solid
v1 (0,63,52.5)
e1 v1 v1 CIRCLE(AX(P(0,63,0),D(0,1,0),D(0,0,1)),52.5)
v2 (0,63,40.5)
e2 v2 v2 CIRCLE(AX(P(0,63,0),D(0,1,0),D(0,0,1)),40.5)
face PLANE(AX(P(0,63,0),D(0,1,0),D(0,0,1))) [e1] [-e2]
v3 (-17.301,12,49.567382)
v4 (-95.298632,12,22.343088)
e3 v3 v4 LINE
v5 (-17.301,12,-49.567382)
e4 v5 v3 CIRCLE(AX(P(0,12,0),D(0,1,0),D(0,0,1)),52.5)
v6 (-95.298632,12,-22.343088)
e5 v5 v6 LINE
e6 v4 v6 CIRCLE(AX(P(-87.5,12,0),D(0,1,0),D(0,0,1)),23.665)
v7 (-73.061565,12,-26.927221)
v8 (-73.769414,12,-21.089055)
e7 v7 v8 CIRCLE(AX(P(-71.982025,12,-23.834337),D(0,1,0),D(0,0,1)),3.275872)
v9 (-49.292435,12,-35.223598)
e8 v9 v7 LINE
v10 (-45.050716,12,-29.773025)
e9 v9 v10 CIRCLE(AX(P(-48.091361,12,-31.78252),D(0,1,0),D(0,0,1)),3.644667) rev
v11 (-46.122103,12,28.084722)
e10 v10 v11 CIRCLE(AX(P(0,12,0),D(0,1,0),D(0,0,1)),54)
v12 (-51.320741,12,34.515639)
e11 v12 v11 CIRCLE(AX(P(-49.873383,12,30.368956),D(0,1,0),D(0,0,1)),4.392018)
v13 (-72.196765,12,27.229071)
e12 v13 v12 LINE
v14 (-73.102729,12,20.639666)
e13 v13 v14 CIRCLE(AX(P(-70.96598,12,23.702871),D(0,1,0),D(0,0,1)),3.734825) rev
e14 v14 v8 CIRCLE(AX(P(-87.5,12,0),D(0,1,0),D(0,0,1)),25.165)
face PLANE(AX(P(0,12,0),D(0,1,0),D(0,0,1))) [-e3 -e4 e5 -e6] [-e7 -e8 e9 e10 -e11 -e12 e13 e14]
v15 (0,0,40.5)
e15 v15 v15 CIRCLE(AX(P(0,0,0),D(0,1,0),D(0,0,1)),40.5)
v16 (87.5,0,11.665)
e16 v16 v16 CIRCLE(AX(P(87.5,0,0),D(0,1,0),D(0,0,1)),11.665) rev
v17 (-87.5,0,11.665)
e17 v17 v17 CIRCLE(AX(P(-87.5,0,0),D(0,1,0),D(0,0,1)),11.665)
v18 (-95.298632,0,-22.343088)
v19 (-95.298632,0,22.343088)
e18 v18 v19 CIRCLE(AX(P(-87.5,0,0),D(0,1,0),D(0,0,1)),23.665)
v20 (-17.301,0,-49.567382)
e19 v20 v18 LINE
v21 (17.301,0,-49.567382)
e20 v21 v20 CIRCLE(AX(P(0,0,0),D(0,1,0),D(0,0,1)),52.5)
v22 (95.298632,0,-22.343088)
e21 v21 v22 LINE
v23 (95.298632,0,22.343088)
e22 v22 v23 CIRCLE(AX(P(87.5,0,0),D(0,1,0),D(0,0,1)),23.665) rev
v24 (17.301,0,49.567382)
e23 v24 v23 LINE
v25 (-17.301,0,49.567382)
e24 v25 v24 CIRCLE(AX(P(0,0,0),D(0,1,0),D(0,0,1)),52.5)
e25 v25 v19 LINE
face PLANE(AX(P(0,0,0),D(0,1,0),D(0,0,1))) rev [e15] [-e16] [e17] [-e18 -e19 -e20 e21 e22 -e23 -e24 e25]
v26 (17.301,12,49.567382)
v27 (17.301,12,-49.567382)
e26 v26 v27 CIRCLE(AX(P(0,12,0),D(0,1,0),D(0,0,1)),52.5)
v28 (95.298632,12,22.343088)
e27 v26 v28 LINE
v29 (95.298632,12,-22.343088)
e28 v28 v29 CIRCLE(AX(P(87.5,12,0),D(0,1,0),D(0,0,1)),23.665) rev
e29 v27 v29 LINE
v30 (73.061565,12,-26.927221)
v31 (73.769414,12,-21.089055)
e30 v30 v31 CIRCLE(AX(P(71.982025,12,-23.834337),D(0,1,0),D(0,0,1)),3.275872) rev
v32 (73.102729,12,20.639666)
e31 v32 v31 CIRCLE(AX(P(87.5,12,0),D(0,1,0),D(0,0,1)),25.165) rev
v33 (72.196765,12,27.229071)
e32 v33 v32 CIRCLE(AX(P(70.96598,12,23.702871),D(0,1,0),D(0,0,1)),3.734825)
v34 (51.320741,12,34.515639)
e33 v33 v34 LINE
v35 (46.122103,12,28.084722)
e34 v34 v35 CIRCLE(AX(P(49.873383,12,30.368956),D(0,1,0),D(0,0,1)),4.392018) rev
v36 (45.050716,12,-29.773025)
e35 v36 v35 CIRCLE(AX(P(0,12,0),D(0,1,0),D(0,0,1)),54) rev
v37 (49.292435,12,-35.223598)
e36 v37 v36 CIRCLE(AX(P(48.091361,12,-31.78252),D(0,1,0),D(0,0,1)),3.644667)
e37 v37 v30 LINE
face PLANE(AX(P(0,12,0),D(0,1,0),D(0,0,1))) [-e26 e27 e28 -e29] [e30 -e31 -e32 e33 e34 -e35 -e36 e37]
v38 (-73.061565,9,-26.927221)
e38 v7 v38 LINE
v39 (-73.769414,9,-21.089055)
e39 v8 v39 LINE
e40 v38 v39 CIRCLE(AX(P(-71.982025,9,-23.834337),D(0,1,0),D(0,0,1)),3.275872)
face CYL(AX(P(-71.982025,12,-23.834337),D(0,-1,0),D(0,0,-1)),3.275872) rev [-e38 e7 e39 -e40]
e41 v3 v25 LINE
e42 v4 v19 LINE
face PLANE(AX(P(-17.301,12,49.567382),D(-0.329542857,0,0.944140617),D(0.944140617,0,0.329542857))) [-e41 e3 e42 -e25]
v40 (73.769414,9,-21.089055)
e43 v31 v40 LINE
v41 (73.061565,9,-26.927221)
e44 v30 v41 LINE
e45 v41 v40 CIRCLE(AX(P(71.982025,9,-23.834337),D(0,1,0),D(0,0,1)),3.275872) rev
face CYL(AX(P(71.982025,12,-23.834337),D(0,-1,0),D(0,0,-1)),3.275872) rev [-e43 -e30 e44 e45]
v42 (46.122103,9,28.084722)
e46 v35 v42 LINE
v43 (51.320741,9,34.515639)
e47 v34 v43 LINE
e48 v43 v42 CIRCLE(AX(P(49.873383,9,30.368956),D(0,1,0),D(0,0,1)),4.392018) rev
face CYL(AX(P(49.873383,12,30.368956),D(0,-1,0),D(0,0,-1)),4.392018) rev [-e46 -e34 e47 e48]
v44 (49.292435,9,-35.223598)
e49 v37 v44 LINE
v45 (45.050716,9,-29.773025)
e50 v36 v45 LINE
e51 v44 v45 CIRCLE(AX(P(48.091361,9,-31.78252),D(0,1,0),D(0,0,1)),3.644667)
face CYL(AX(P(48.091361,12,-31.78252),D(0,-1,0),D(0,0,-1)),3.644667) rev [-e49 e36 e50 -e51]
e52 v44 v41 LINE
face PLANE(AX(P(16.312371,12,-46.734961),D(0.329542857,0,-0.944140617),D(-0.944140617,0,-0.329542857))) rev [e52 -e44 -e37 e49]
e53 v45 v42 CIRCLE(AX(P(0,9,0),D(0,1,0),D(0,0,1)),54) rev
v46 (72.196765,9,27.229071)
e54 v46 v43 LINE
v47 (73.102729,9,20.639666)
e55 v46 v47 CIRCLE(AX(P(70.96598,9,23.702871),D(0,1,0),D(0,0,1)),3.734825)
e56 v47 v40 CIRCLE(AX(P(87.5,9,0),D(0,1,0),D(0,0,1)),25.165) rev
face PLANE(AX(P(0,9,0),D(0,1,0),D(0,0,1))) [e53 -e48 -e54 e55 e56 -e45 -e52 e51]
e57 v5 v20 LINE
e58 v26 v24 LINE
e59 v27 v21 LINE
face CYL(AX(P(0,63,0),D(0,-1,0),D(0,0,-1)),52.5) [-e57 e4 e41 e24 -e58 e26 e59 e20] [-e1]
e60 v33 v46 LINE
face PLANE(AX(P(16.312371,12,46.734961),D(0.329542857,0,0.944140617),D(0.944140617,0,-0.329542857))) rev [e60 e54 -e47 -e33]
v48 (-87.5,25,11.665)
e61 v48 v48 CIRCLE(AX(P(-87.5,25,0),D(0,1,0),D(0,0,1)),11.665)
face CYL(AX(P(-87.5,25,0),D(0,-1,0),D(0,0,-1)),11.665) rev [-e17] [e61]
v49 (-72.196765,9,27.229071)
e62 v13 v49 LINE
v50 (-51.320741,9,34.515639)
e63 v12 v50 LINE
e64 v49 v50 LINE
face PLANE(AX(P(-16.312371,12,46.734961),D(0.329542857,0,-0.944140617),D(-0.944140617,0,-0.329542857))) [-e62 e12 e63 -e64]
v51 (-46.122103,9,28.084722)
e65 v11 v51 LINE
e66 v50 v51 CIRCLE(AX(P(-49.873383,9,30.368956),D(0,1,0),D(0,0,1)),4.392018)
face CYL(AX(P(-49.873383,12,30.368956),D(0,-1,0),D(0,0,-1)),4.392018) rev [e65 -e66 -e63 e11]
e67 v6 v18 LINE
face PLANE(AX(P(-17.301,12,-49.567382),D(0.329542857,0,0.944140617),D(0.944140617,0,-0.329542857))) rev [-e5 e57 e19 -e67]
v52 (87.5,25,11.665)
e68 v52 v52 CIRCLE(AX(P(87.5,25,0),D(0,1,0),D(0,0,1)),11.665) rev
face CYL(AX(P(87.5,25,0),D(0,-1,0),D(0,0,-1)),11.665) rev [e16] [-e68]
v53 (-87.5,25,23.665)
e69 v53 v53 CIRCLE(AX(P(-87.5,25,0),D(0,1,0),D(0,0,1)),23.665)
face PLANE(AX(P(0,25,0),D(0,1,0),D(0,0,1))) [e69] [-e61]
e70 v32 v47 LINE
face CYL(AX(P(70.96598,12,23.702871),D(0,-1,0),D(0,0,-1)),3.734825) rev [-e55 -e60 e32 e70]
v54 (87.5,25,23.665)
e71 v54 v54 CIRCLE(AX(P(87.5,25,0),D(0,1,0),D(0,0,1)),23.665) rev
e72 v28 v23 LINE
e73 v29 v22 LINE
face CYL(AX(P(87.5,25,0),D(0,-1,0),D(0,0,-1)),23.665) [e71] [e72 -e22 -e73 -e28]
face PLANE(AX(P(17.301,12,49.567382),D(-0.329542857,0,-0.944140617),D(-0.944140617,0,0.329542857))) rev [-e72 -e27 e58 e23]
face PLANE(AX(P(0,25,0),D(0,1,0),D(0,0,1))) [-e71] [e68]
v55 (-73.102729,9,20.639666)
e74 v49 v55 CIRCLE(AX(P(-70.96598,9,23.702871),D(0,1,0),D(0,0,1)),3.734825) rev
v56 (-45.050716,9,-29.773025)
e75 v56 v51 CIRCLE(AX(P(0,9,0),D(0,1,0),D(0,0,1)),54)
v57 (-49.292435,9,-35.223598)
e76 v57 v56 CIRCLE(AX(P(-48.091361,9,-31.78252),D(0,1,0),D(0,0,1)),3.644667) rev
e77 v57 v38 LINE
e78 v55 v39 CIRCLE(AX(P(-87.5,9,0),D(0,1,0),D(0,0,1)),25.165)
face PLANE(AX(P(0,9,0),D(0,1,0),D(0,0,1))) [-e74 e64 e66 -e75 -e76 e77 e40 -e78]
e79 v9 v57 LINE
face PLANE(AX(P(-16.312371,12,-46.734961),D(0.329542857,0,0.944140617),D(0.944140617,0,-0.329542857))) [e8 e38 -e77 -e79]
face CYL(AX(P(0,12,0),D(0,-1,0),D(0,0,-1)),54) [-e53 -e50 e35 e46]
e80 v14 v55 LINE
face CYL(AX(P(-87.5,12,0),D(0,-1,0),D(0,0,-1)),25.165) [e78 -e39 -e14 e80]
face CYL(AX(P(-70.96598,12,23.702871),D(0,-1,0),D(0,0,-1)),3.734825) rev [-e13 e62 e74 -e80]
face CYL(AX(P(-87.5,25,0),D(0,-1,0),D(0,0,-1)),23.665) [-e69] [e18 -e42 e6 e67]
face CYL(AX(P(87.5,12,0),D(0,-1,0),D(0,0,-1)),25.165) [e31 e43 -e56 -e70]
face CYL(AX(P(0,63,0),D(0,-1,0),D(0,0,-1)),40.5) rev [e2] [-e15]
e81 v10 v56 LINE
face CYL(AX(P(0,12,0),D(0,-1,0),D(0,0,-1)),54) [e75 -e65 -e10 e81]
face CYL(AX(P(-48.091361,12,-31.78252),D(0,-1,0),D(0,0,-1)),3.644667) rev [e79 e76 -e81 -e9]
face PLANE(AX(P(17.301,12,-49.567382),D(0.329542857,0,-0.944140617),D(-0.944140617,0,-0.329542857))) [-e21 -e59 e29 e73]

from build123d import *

# Parameters (mm, degrees)
BOSS_EXTRUDE1_DEPTH   = 12
BOSS_EXTRUDE1_2_DEPTH = 12
BOSS_EXTRUDE2_DEPTH   = 9
SKETCH1_4_R           = 40.5
BOSS_EXTRUDE3_DEPTH   = 63
SKETCH1_5_R           = 23.665
SKETCH1_5_R_2         = 11.665
BOSS_EXTRUDE4_DEPTH   = 25


with BuildPart() as part:
    # Sketch1 → Boss-Extrude1 (new body)
    with BuildSketch(Plane(origin=(0, 0, 0), x_dir=(1, 0, 0), z_dir=(0, 1, 0))):
        with BuildLine():
            ThreePointArc((-17.301, -49.56738241), (-52.5, 0), (-17.301, 49.56738241))
            Line((-17.301, 49.56738241), (-95.298631714, 22.343087709))
            ThreePointArc((-95.298631714, 22.343087709), (-63.835, 0), (-95.298631714, -22.343087709))
            Line((-95.298631714, -22.343087709), (-17.301, -49.56738241))
        make_face()
        with BuildLine():
            Line((-73.061565244, 26.927220983), (-49.292435481, 35.22359844))
            ThreePointArc((-49.292435481, 35.22359844), (-45.21504533, 34.020913269), (-45.050715916, 29.773024628))
            ThreePointArc((-45.050715916, 29.773024628), (-53.990744033, 0.999779365), (-46.122102919, -28.084722223))
            ThreePointArc((-46.122102919, -28.084722223), (-46.457803099, -33.130049608), (-51.320741116, -34.515638607))
            Line((-51.320741116, -34.515638607), (-72.196764974, -27.229070884))
            ThreePointArc((-72.196764974, -27.229070884), (-74.665998298, -24.211578828), (-73.102729075, -20.639666056))
            ThreePointArc((-73.102729075, -20.639666056), (-62.338211107, 0.40200089), (-73.769413903, 21.089054754))
            ThreePointArc((-73.769413903, 21.089054754), (-75.234080861, 24.22863303), (-73.061565244, 26.927220983))
        make_face(mode=Mode.SUBTRACT)
    extrude(amount=BOSS_EXTRUDE1_DEPTH)



with BuildPart() as body_2:
    # Sketch1 → Boss-Extrude1 2 (new body)
    with BuildSketch(Plane(origin=(0, 0, 0), x_dir=(1, 0, 0), z_dir=(0, 1, 0))):
        with BuildLine():
            Line((95.298631714, 22.343087709), (17.301, 49.56738241))
            ThreePointArc((17.301, 49.56738241), (52.5, 0), (17.301, -49.56738241))
            Line((17.301, -49.56738241), (95.298631714, -22.343087709))
            ThreePointArc((95.298631714, -22.343087709), (63.835, 0), (95.298631714, 22.343087709))
        make_face()
        with BuildLine():
            ThreePointArc((73.102729075, -20.639666056), (74.665998298, -24.211578828), (72.196764974, -27.229070884))
            Line((72.196764974, -27.229070884), (51.320741116, -34.515638607))
            ThreePointArc((51.320741116, -34.515638607), (46.457803099, -33.130049608), (46.122102919, -28.084722223))
            ThreePointArc((46.122102919, -28.084722223), (53.990744033, 0.999779365), (45.050715916, 29.773024628))
            ThreePointArc((45.050715916, 29.773024628), (45.21504533, 34.020913269), (49.292435481, 35.22359844))
            Line((49.292435481, 35.22359844), (73.061565244, 26.927220983))
            ThreePointArc((73.061565244, 26.927220983), (75.234080861, 24.22863303), (73.769413903, 21.089054754))
            ThreePointArc((73.769413903, 21.089054754), (62.338211107, 0.40200089), (73.102729075, -20.639666056))
        make_face(mode=Mode.SUBTRACT)
    extrude(amount=BOSS_EXTRUDE1_2_DEPTH)


with BuildPart() as part_1:
    add(part.part)

    add(body_2.part)  # Boss-Extrude2 merges body 2
    # Sketch1<3> → Boss-Extrude2 (add)
    with BuildSketch(Plane(origin=(0, 0, 0), x_dir=(1, 0, 0), z_dir=(0, 1, 0))):
        with BuildLine():
            ThreePointArc((-45.050715916, 29.773024628), (-45.21504533, 34.020913269), (-49.292435481, 35.22359844))
            Line((-49.292435481, 35.22359844), (-73.061565244, 26.927220983))
            ThreePointArc((-73.061565244, 26.927220983), (-75.234080861, 24.22863303), (-73.769413903, 21.089054754))
            ThreePointArc((-73.769413903, 21.089054754), (-62.338211107, 0.40200089), (-73.102729075, -20.639666056))
            ThreePointArc((-73.102729075, -20.639666056), (-74.665998298, -24.211578828), (-72.196764974, -27.229070884))
            Line((-72.196764974, -27.229070884), (-51.320741116, -34.515638607))
            ThreePointArc((-51.320741116, -34.515638607), (-46.457803099, -33.130049608), (-46.122102919, -28.084722223))
            ThreePointArc((-46.122102919, -28.084722223), (-53.990744033, 0.999779365), (-45.050715916, 29.773024628))
        make_face()
        with BuildLine():
            Line((51.320741116, -34.515638607), (72.196764974, -27.229070884))
            ThreePointArc((72.196764974, -27.229070884), (74.665998298, -24.211578828), (73.102729075, -20.639666056))
            ThreePointArc((73.102729075, -20.639666056), (62.338211107, 0.40200089), (73.769413903, 21.089054754))
            ThreePointArc((73.769413903, 21.089054754), (75.234080861, 24.22863303), (73.061565244, 26.927220983))
            Line((73.061565244, 26.927220983), (49.292435481, 35.22359844))
            ThreePointArc((49.292435481, 35.22359844), (45.21504533, 34.020913269), (45.050715916, 29.773024628))
            ThreePointArc((45.050715916, 29.773024628), (53.990744033, 0.999779365), (46.122102919, -28.084722223))
            ThreePointArc((46.122102919, -28.084722223), (46.457803099, -33.130049608), (51.320741116, -34.515638607))
        make_face()
    extrude(amount=BOSS_EXTRUDE2_DEPTH)

    # Sketch1<4> → Boss-Extrude3 (add)
    with BuildSketch(Plane(origin=(0, 0, 0), x_dir=(1, 0, 0), z_dir=(0, 1, 0))):
        with BuildLine():
            ThreePointArc((17.301, 49.56738241), (0, 52.5), (-17.301, 49.56738241))
            ThreePointArc((-17.301, 49.56738241), (-52.5, 0), (-17.301, -49.56738241))
            ThreePointArc((-17.301, -49.56738241), (0, -52.5), (17.301, -49.56738241))
            ThreePointArc((17.301, -49.56738241), (42.805096075, -30.396936523), (52.5, 0))
            ThreePointArc((52.5, 0), (42.805096075, 30.396936523), (17.301, 49.56738241))
        make_face()
        Circle(SKETCH1_4_R, mode=Mode.SUBTRACT)
    extrude(amount=BOSS_EXTRUDE3_DEPTH)

    # Sketch1<5> → Boss-Extrude4 (add)
    # profile 1 of 2: a face of its own
    with BuildSketch(Plane(origin=(0, 0, 0), x_dir=(1, 0, 0), z_dir=(0, 1, 0))):
        with Locations((-87.5, 0)):
            Circle(SKETCH1_5_R)
        with Locations((-87.5, 0)):
            Circle(SKETCH1_5_R_2, mode=Mode.SUBTRACT)
    # profile 2 of 2: a face of its own
    with BuildSketch(Plane(origin=(0, 0, 0), x_dir=(1, 0, 0), z_dir=(0, 1, 0))):
        with Locations((87.5, 0)):
            Circle(SKETCH1_5_R)
        with Locations((87.5, 0)):
            Circle(SKETCH1_5_R_2, mode=Mode.SUBTRACT)
    extrude(amount=BOSS_EXTRUDE4_DEPTH)


solid = part_1.part
